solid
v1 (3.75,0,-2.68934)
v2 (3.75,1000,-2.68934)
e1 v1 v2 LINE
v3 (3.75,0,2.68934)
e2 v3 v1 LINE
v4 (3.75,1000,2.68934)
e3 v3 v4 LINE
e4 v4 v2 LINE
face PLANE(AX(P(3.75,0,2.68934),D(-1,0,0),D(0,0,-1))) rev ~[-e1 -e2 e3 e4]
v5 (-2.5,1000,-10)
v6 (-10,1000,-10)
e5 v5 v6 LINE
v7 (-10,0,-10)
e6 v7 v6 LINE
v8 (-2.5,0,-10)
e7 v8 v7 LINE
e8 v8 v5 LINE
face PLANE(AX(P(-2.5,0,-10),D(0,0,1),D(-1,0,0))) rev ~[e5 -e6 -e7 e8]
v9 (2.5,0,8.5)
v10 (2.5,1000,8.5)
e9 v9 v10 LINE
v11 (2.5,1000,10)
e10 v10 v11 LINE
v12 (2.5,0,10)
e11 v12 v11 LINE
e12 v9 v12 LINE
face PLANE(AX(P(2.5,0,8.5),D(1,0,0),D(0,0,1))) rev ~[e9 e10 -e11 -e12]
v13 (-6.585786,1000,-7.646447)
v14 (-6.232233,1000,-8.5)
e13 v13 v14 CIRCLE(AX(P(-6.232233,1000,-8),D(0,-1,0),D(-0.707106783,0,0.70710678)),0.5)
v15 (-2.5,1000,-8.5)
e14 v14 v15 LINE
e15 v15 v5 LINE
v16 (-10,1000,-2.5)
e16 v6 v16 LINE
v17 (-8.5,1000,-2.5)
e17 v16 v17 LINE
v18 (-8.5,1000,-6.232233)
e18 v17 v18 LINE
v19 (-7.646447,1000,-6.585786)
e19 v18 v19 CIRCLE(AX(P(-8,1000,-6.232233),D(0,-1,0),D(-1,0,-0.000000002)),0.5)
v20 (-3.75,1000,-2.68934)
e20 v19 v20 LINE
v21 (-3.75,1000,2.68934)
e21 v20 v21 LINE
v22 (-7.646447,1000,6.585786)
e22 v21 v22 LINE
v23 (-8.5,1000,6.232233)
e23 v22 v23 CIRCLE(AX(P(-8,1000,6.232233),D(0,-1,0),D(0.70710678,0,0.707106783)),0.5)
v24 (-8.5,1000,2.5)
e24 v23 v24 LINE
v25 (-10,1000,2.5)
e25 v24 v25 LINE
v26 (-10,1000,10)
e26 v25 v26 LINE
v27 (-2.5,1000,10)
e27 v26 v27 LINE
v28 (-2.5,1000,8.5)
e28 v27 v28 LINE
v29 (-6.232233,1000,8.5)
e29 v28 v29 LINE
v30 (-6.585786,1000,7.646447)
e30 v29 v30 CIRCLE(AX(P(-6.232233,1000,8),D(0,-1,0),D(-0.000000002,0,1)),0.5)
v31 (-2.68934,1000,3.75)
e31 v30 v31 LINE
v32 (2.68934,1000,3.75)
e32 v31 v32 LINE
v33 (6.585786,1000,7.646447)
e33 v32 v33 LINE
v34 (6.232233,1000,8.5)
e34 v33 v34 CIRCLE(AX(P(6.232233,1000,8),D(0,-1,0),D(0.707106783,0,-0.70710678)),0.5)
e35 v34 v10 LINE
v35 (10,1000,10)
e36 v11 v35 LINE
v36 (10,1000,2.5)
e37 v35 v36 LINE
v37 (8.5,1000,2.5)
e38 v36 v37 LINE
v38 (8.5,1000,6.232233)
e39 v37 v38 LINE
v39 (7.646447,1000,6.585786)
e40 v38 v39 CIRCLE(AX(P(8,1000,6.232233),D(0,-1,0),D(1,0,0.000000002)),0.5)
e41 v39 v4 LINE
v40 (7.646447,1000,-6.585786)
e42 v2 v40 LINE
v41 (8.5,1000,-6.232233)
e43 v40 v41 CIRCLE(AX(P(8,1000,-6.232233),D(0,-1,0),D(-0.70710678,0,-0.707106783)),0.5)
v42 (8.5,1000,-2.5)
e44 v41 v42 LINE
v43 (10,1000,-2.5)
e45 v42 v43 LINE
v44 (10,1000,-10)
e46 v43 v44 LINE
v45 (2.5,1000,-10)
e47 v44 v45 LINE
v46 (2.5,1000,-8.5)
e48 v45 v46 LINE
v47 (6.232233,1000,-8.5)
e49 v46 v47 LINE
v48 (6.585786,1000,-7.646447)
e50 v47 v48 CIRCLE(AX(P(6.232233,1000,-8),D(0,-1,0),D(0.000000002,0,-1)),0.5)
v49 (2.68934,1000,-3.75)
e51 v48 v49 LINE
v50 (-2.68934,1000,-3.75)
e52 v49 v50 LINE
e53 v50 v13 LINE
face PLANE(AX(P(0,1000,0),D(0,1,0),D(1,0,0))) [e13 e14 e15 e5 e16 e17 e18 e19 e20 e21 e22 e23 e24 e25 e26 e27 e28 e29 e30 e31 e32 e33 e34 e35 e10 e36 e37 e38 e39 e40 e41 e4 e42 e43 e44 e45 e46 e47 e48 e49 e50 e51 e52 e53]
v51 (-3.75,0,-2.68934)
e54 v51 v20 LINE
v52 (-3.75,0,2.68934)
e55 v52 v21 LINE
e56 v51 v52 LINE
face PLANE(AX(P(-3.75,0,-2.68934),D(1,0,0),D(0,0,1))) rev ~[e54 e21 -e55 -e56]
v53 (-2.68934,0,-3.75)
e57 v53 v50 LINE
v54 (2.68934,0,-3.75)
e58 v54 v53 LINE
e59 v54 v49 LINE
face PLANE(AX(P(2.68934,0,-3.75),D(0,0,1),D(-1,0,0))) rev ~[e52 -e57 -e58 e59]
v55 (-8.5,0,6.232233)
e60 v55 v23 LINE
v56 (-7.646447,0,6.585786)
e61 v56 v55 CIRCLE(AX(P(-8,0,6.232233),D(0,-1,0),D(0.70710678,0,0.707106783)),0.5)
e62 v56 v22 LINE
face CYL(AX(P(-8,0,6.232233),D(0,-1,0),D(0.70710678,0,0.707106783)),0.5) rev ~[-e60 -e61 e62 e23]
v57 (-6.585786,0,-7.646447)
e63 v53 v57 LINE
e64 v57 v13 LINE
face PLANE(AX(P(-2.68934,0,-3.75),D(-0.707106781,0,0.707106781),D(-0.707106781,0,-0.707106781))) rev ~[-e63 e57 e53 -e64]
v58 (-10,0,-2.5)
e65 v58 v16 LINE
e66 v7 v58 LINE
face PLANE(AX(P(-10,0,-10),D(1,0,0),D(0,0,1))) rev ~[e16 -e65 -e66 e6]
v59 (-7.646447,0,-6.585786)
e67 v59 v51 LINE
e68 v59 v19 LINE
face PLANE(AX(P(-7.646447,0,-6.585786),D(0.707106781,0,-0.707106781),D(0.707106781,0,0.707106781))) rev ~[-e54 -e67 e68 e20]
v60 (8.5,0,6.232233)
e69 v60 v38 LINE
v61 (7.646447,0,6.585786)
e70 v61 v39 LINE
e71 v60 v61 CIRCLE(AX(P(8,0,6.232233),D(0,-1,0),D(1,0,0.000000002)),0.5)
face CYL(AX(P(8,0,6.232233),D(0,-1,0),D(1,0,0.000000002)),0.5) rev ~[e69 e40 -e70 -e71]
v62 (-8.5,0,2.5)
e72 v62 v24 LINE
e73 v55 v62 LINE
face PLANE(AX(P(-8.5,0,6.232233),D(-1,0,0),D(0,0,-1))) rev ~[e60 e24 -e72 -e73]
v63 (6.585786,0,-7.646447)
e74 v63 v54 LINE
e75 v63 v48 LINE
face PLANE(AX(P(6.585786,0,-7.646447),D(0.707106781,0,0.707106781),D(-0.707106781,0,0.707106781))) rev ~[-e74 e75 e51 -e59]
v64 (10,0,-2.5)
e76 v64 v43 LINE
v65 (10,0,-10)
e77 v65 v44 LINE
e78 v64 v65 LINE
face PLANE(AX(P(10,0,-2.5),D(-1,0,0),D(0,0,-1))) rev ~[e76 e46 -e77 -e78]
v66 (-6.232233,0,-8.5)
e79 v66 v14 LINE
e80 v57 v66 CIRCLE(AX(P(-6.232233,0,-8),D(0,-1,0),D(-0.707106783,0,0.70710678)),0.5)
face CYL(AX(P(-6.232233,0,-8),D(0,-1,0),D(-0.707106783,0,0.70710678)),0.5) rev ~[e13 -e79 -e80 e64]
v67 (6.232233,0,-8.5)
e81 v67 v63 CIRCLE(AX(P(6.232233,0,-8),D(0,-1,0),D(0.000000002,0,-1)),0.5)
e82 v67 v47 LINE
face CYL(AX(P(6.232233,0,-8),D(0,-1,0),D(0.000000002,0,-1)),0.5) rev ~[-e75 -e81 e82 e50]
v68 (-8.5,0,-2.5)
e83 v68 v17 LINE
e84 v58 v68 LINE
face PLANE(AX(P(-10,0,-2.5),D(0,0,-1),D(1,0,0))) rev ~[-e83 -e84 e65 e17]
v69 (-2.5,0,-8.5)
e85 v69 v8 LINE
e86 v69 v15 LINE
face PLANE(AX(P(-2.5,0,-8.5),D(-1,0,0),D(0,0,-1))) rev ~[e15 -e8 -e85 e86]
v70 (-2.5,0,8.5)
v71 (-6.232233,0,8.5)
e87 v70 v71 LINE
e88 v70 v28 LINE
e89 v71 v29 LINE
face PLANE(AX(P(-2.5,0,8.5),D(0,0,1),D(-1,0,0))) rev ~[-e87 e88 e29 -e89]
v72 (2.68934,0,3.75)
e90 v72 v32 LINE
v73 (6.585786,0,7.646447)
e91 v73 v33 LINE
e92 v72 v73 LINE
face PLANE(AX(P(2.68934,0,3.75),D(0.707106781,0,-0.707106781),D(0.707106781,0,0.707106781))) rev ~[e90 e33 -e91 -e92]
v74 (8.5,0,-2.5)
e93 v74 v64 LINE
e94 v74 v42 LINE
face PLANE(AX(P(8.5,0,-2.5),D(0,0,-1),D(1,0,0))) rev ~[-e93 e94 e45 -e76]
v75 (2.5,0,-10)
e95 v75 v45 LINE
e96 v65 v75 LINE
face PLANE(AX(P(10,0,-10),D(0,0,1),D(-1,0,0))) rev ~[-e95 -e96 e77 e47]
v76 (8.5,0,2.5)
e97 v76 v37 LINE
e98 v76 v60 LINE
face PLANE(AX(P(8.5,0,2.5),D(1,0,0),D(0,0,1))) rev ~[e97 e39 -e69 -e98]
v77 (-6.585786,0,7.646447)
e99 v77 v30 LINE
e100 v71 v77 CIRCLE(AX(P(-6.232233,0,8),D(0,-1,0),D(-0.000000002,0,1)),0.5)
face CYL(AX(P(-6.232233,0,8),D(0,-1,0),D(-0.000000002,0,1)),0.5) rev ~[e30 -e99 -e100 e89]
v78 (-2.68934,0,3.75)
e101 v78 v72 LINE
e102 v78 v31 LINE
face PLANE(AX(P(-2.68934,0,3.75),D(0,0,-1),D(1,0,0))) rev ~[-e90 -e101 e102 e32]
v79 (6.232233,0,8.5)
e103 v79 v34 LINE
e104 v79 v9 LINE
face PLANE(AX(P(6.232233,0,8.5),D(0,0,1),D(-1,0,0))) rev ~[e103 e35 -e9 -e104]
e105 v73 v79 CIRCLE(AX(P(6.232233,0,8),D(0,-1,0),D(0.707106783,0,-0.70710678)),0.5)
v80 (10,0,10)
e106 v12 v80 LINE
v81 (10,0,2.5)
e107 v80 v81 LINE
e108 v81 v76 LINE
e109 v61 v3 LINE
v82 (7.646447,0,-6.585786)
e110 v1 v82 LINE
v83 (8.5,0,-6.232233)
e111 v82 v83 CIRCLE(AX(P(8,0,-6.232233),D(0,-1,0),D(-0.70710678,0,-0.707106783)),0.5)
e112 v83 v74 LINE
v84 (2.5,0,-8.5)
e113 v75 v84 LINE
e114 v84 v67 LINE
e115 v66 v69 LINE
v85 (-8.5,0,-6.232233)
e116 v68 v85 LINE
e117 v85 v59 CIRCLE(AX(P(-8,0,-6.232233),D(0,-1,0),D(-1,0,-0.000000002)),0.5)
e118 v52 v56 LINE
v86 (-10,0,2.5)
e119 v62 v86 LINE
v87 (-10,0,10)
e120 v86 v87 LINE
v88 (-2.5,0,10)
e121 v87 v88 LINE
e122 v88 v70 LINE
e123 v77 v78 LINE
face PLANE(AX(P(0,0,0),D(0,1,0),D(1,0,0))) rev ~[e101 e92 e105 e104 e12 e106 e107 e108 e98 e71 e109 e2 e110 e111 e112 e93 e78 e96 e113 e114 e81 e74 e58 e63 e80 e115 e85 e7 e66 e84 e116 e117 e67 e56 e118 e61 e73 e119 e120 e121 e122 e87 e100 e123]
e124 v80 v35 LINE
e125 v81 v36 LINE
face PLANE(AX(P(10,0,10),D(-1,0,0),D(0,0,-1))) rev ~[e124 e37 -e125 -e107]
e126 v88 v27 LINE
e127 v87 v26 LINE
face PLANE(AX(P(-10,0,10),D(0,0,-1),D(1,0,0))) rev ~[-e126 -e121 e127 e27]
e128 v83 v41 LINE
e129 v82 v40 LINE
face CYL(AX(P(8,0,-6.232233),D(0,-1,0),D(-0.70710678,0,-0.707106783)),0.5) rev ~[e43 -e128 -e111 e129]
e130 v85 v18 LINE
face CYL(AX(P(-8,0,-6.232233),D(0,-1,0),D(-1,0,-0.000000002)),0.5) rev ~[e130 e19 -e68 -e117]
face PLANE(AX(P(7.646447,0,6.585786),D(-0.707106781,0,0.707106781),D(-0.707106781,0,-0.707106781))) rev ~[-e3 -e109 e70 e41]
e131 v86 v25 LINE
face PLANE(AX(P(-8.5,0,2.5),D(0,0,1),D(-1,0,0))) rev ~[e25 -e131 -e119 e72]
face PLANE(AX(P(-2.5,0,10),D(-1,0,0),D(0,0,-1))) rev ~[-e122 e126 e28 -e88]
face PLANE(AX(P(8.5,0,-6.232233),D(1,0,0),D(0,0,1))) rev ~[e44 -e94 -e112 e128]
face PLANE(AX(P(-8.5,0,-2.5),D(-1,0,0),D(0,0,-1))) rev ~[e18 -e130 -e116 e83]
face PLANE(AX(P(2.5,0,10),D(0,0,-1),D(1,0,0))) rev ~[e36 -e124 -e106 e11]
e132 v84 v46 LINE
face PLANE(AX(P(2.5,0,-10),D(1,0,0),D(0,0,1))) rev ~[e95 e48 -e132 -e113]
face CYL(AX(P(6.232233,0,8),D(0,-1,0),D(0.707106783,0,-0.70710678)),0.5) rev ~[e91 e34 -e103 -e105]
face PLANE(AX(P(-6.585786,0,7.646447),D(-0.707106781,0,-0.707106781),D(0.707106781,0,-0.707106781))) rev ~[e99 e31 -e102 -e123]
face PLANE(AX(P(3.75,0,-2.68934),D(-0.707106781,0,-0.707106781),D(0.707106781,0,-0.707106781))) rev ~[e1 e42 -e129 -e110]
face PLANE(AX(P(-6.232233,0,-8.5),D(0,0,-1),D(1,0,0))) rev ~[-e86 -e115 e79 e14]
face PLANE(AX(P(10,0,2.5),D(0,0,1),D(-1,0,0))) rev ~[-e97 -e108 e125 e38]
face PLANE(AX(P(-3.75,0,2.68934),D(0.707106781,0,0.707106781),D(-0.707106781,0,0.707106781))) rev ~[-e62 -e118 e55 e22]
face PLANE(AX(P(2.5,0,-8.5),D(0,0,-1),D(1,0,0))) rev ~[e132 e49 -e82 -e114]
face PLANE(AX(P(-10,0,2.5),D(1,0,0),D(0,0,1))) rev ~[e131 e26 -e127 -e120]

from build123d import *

# Parameters (mm, degrees)
BOSS_EXTRU_1_DEPTH = 1000


with BuildPart() as part:
    # Esquisse1 → Boss.-Extru.1 (new body)
    with BuildSketch(Plane(origin=(0, 0, 0), x_dir=(1, 0, 0), z_dir=(0, 1, 0))):
        with BuildLine():
            Line((-10, -2.5), (-10, -10))
            Line((-10, -10), (-2.5, -10))
            Line((-2.5, -10), (-2.5, -8.5))
            Line((-2.5, -8.5), (-6.232233047, -8.5))
            ThreePointArc((-6.232233047, -8.5), (-6.694172813, -8.191341716), (-6.585786438, -7.646446609))
            Line((-6.585786438, -7.646446609), (-2.689339828, -3.75))
            Line((-2.689339828, -3.75), (2.689339828, -3.75))
            Line((2.689339828, -3.75), (6.585786438, -7.646446609))
            ThreePointArc((6.585786438, -7.646446609), (6.694172813, -8.191341716), (6.232233047, -8.5))
            Line((6.232233047, -8.5), (2.5, -8.5))
            Line((2.5, -8.5), (2.5, -10))
            Line((2.5, -10), (10, -10))
            Line((10, -10), (10, -2.5))
            Line((10, -2.5), (8.5, -2.5))
            Line((8.5, -2.5), (8.5, -6.232233047))
            ThreePointArc((8.5, -6.232233047), (8.191341716, -6.694172813), (7.646446609, -6.585786438))
            Line((7.646446609, -6.585786438), (3.75, -2.689339828))
            Line((3.75, -2.689339828), (3.75, 2.689339828))
            Line((3.75, 2.689339828), (7.646446609, 6.585786438))
            ThreePointArc((7.646446609, 6.585786438), (8.191341716, 6.694172813), (8.5, 6.232233047))
            Line((8.5, 6.232233047), (8.5, 2.5))
            Line((8.5, 2.5), (10, 2.5))
            Line((10, 2.5), (10, 10))
            Line((10, 10), (2.5, 10))
            Line((2.5, 10), (2.5, 8.5))
            Line((2.5, 8.5), (6.232233047, 8.5))
            ThreePointArc((6.232233047, 8.5), (6.694172813, 8.191341716), (6.585786438, 7.646446609))
            Line((6.585786438, 7.646446609), (2.689339828, 3.75))
            Line((2.689339828, 3.75), (-2.689339828, 3.75))
            Line((-2.689339828, 3.75), (-6.585786438, 7.646446609))
            ThreePointArc((-6.585786438, 7.646446609), (-6.694172813, 8.191341716), (-6.232233047, 8.5))
            Line((-6.232233047, 8.5), (-2.5, 8.5))
            Line((-2.5, 8.5), (-2.5, 10))
            Line((-2.5, 10), (-10, 10))
            Line((-10, 10), (-10, 2.5))
            Line((-10, 2.5), (-8.5, 2.5))
            Line((-8.5, 2.5), (-8.5, 6.232233047))
            ThreePointArc((-8.5, 6.232233047), (-8.191341716, 6.694172813), (-7.646446609, 6.585786438))
            Line((-7.646446609, 6.585786438), (-3.75, 2.689339828))
            Line((-3.75, 2.689339828), (-3.75, -2.689339828))
            Line((-3.75, -2.689339828), (-7.646446609, -6.585786438))
            ThreePointArc((-7.646446609, -6.585786438), (-8.191341716, -6.694172813), (-8.5, -6.232233047))
            Line((-8.5, -6.232233047), (-8.5, -2.5))
            Line((-8.5, -2.5), (-10, -2.5))
        make_face()
    extrude(amount=BOSS_EXTRU_1_DEPTH)


solid = part.part
